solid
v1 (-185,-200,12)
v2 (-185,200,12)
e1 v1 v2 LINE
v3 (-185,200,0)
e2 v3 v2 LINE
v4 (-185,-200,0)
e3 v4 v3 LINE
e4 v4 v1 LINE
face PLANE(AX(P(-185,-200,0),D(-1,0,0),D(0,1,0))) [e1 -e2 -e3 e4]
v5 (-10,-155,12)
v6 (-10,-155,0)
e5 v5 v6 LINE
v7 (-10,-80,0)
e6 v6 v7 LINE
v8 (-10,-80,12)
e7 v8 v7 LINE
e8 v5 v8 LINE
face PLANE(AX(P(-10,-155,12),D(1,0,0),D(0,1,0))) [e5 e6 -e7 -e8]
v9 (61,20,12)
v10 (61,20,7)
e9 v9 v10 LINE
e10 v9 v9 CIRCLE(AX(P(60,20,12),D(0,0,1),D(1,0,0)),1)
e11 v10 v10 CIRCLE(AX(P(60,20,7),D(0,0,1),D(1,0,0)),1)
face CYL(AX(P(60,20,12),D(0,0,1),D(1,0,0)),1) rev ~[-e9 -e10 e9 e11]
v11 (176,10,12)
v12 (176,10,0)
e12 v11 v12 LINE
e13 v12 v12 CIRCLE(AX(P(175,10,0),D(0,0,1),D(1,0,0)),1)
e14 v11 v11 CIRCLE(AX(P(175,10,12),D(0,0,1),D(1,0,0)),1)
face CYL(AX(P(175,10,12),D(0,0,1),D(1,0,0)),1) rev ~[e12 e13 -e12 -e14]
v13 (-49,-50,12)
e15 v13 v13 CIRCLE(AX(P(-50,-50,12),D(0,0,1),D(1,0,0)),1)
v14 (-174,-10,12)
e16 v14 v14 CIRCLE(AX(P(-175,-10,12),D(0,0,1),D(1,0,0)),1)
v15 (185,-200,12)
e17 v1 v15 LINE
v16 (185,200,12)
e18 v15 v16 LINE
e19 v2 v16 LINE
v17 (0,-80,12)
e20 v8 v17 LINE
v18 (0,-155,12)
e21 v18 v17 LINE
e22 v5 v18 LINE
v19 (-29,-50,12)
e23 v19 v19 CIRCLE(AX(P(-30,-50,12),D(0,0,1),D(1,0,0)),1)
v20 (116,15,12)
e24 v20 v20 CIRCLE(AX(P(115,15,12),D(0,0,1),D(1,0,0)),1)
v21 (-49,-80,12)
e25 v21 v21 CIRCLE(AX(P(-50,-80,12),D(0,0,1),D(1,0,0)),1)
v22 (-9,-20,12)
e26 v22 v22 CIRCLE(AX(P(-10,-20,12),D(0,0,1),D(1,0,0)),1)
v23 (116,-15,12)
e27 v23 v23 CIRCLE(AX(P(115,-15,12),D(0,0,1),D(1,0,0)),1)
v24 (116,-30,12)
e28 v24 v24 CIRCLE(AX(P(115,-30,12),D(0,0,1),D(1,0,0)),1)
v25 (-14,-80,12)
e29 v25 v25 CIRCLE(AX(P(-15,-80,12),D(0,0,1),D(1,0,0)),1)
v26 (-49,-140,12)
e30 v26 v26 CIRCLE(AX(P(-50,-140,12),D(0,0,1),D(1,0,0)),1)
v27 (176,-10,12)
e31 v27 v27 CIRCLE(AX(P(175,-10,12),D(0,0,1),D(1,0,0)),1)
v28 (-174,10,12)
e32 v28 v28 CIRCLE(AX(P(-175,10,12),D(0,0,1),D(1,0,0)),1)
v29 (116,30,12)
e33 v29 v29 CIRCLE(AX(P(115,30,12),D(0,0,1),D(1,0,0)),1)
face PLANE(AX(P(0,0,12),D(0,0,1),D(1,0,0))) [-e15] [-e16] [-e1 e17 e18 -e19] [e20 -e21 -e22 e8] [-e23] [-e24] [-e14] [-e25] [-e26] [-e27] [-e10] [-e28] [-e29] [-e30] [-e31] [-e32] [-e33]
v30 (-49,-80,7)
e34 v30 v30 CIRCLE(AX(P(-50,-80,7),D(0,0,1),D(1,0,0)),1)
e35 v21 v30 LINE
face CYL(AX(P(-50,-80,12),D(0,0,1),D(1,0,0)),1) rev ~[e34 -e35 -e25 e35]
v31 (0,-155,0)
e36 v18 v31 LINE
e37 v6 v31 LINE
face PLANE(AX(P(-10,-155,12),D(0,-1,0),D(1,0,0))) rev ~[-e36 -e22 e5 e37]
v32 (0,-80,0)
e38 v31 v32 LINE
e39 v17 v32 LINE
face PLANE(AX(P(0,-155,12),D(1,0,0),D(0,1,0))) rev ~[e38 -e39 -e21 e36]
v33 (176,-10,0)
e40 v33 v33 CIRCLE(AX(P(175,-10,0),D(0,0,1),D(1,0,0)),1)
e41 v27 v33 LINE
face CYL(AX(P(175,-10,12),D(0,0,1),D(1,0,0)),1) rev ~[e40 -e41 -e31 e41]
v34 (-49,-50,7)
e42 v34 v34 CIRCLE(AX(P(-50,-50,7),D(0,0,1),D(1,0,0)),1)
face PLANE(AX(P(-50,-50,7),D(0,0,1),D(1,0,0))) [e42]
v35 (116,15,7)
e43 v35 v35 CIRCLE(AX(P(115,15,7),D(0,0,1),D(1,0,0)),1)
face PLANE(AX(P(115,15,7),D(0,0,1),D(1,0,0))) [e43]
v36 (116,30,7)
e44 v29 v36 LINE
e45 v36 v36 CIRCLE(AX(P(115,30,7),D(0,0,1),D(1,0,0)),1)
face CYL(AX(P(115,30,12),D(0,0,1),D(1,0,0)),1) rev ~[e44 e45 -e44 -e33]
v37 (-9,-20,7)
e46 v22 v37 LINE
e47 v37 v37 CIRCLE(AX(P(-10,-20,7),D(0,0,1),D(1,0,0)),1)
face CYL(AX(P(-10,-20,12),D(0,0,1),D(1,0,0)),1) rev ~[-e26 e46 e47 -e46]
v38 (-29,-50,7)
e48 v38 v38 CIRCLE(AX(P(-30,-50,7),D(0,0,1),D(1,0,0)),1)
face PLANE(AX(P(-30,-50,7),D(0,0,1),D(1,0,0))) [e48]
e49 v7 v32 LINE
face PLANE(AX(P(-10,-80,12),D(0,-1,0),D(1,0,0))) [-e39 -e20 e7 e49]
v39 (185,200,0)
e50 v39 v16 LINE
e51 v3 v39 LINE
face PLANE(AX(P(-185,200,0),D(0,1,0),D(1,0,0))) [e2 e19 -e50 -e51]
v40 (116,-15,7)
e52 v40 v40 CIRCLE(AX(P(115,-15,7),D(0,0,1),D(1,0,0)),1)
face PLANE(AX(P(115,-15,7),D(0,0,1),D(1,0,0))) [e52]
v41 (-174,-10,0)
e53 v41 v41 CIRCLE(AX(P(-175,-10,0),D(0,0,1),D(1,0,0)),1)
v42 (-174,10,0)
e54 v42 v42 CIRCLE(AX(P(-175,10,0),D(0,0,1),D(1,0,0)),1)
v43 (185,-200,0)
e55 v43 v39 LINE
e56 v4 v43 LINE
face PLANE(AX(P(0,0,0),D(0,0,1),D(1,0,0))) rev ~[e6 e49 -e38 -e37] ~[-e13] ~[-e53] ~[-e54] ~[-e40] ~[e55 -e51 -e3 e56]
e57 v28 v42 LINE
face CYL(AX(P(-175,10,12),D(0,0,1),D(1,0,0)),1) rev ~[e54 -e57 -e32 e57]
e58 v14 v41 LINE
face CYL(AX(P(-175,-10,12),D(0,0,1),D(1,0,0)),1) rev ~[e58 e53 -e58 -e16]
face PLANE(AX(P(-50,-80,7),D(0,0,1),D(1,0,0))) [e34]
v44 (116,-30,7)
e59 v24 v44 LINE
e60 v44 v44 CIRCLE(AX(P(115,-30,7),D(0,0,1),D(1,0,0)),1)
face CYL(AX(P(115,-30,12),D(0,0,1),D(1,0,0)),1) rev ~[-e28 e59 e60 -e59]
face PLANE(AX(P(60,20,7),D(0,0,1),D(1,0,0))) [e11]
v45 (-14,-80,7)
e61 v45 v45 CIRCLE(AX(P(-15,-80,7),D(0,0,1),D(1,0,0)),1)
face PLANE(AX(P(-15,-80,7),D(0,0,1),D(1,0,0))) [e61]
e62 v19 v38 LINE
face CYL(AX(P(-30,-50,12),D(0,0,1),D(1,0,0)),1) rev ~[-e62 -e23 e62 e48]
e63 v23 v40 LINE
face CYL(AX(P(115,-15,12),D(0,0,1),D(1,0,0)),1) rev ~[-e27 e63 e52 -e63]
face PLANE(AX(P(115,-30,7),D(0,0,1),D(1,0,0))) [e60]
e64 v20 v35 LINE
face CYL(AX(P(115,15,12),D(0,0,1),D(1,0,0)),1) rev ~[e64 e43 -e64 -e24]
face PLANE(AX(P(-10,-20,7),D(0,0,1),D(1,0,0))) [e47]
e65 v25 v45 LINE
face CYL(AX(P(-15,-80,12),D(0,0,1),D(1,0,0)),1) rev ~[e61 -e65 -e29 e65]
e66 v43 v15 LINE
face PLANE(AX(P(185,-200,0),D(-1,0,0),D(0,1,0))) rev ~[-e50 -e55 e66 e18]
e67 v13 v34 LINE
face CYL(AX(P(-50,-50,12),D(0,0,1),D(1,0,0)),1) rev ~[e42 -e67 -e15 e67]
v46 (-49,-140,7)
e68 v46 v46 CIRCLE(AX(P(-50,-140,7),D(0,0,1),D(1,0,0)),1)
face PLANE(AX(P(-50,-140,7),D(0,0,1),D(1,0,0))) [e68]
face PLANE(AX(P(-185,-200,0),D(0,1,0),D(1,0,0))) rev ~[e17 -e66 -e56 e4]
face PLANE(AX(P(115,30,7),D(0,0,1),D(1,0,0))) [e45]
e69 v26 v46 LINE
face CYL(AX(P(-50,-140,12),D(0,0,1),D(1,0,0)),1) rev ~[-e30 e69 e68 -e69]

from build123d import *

# Parameters (mm, degrees)
F0_W      = 370
F0_H      = 400
F1_DEPTH  = 12
F2_W      = 10
F2_H      = 75
F3_DEPTH  = 25
F4_R      = 1
F5_DEPTH  = 5
F6_R      = 1
F7_DEPTH  = 25
F8_R      = 1
F9_DEPTH  = 25
F10_R     = 1
F11_DEPTH = 5
F12_R     = 1
F13_DEPTH = 5
F14_R     = 1
F15_DEPTH = 5


with BuildPart() as f1:
    # F0 (on Top) → F1 (new body)
    with BuildSketch(Plane.XY):
        Rectangle(F0_W, F0_H)
    extrude(amount=F1_DEPTH)

    # F2 (on face) → F3 (cut)
    with BuildSketch(Plane.XY.offset(12)):
        with Locations((-5, -117.5)):
            Rectangle(F2_W, F2_H)
    extrude(amount=-F3_DEPTH, mode=Mode.SUBTRACT)

    # F4 (on face) → F5 (cut)
    with BuildSketch(Plane.XY.offset(12)):
        with Locations((-50, -80)):
            Circle(F4_R)
        with Locations((-15, -80)):
            Circle(F4_R)
        with Locations((-50, -140)):
            Circle(F4_R)
        with Locations((-30, -50)):
            Circle(F4_R)
        with Locations((-50, -50)):
            Circle(F4_R)
    extrude(amount=-F5_DEPTH, mode=Mode.SUBTRACT)

    # F6 (on face) → F7 (cut)
    with BuildSketch(Plane.XY.offset(12)):
        with Locations((-175, -10)):
            Circle(F6_R)
        with Locations((-175, 10)):
            Circle(F6_R)
    extrude(amount=-F7_DEPTH, mode=Mode.SUBTRACT)

    # F8 (on face) → F9 (cut)
    with BuildSketch(Plane.XY.offset(12)):
        with Locations((175, 10)):
            Circle(F8_R)
        with Locations((175, -10)):
            Circle(F8_R)
    extrude(amount=-F9_DEPTH, mode=Mode.SUBTRACT)

    # F10 (on face) → F11 (cut)
    with BuildSketch(Plane.XY.offset(12)):
        with Locations((60, 20)):
            Circle(F10_R)
        with Locations((-10, -20)):
            Circle(F10_R)
    extrude(amount=-F11_DEPTH, mode=Mode.SUBTRACT)

    # F12 (on face) → F13 (cut)
    with BuildSketch(Plane.XY.offset(12)):
        with Locations((115, -15)):
            Circle(F12_R)
        with Locations((115, -30)):
            Circle(F12_R)
    extrude(amount=-F13_DEPTH, mode=Mode.SUBTRACT)

    # F14 (on face) → F15 (cut)
    with BuildSketch(Plane.XY.offset(12)):
        with Locations((115, 30)):
            Circle(F14_R)
        with Locations((115, 15)):
            Circle(F14_R)
    extrude(amount=-F15_DEPTH, mode=Mode.SUBTRACT)


solid = f1.part
